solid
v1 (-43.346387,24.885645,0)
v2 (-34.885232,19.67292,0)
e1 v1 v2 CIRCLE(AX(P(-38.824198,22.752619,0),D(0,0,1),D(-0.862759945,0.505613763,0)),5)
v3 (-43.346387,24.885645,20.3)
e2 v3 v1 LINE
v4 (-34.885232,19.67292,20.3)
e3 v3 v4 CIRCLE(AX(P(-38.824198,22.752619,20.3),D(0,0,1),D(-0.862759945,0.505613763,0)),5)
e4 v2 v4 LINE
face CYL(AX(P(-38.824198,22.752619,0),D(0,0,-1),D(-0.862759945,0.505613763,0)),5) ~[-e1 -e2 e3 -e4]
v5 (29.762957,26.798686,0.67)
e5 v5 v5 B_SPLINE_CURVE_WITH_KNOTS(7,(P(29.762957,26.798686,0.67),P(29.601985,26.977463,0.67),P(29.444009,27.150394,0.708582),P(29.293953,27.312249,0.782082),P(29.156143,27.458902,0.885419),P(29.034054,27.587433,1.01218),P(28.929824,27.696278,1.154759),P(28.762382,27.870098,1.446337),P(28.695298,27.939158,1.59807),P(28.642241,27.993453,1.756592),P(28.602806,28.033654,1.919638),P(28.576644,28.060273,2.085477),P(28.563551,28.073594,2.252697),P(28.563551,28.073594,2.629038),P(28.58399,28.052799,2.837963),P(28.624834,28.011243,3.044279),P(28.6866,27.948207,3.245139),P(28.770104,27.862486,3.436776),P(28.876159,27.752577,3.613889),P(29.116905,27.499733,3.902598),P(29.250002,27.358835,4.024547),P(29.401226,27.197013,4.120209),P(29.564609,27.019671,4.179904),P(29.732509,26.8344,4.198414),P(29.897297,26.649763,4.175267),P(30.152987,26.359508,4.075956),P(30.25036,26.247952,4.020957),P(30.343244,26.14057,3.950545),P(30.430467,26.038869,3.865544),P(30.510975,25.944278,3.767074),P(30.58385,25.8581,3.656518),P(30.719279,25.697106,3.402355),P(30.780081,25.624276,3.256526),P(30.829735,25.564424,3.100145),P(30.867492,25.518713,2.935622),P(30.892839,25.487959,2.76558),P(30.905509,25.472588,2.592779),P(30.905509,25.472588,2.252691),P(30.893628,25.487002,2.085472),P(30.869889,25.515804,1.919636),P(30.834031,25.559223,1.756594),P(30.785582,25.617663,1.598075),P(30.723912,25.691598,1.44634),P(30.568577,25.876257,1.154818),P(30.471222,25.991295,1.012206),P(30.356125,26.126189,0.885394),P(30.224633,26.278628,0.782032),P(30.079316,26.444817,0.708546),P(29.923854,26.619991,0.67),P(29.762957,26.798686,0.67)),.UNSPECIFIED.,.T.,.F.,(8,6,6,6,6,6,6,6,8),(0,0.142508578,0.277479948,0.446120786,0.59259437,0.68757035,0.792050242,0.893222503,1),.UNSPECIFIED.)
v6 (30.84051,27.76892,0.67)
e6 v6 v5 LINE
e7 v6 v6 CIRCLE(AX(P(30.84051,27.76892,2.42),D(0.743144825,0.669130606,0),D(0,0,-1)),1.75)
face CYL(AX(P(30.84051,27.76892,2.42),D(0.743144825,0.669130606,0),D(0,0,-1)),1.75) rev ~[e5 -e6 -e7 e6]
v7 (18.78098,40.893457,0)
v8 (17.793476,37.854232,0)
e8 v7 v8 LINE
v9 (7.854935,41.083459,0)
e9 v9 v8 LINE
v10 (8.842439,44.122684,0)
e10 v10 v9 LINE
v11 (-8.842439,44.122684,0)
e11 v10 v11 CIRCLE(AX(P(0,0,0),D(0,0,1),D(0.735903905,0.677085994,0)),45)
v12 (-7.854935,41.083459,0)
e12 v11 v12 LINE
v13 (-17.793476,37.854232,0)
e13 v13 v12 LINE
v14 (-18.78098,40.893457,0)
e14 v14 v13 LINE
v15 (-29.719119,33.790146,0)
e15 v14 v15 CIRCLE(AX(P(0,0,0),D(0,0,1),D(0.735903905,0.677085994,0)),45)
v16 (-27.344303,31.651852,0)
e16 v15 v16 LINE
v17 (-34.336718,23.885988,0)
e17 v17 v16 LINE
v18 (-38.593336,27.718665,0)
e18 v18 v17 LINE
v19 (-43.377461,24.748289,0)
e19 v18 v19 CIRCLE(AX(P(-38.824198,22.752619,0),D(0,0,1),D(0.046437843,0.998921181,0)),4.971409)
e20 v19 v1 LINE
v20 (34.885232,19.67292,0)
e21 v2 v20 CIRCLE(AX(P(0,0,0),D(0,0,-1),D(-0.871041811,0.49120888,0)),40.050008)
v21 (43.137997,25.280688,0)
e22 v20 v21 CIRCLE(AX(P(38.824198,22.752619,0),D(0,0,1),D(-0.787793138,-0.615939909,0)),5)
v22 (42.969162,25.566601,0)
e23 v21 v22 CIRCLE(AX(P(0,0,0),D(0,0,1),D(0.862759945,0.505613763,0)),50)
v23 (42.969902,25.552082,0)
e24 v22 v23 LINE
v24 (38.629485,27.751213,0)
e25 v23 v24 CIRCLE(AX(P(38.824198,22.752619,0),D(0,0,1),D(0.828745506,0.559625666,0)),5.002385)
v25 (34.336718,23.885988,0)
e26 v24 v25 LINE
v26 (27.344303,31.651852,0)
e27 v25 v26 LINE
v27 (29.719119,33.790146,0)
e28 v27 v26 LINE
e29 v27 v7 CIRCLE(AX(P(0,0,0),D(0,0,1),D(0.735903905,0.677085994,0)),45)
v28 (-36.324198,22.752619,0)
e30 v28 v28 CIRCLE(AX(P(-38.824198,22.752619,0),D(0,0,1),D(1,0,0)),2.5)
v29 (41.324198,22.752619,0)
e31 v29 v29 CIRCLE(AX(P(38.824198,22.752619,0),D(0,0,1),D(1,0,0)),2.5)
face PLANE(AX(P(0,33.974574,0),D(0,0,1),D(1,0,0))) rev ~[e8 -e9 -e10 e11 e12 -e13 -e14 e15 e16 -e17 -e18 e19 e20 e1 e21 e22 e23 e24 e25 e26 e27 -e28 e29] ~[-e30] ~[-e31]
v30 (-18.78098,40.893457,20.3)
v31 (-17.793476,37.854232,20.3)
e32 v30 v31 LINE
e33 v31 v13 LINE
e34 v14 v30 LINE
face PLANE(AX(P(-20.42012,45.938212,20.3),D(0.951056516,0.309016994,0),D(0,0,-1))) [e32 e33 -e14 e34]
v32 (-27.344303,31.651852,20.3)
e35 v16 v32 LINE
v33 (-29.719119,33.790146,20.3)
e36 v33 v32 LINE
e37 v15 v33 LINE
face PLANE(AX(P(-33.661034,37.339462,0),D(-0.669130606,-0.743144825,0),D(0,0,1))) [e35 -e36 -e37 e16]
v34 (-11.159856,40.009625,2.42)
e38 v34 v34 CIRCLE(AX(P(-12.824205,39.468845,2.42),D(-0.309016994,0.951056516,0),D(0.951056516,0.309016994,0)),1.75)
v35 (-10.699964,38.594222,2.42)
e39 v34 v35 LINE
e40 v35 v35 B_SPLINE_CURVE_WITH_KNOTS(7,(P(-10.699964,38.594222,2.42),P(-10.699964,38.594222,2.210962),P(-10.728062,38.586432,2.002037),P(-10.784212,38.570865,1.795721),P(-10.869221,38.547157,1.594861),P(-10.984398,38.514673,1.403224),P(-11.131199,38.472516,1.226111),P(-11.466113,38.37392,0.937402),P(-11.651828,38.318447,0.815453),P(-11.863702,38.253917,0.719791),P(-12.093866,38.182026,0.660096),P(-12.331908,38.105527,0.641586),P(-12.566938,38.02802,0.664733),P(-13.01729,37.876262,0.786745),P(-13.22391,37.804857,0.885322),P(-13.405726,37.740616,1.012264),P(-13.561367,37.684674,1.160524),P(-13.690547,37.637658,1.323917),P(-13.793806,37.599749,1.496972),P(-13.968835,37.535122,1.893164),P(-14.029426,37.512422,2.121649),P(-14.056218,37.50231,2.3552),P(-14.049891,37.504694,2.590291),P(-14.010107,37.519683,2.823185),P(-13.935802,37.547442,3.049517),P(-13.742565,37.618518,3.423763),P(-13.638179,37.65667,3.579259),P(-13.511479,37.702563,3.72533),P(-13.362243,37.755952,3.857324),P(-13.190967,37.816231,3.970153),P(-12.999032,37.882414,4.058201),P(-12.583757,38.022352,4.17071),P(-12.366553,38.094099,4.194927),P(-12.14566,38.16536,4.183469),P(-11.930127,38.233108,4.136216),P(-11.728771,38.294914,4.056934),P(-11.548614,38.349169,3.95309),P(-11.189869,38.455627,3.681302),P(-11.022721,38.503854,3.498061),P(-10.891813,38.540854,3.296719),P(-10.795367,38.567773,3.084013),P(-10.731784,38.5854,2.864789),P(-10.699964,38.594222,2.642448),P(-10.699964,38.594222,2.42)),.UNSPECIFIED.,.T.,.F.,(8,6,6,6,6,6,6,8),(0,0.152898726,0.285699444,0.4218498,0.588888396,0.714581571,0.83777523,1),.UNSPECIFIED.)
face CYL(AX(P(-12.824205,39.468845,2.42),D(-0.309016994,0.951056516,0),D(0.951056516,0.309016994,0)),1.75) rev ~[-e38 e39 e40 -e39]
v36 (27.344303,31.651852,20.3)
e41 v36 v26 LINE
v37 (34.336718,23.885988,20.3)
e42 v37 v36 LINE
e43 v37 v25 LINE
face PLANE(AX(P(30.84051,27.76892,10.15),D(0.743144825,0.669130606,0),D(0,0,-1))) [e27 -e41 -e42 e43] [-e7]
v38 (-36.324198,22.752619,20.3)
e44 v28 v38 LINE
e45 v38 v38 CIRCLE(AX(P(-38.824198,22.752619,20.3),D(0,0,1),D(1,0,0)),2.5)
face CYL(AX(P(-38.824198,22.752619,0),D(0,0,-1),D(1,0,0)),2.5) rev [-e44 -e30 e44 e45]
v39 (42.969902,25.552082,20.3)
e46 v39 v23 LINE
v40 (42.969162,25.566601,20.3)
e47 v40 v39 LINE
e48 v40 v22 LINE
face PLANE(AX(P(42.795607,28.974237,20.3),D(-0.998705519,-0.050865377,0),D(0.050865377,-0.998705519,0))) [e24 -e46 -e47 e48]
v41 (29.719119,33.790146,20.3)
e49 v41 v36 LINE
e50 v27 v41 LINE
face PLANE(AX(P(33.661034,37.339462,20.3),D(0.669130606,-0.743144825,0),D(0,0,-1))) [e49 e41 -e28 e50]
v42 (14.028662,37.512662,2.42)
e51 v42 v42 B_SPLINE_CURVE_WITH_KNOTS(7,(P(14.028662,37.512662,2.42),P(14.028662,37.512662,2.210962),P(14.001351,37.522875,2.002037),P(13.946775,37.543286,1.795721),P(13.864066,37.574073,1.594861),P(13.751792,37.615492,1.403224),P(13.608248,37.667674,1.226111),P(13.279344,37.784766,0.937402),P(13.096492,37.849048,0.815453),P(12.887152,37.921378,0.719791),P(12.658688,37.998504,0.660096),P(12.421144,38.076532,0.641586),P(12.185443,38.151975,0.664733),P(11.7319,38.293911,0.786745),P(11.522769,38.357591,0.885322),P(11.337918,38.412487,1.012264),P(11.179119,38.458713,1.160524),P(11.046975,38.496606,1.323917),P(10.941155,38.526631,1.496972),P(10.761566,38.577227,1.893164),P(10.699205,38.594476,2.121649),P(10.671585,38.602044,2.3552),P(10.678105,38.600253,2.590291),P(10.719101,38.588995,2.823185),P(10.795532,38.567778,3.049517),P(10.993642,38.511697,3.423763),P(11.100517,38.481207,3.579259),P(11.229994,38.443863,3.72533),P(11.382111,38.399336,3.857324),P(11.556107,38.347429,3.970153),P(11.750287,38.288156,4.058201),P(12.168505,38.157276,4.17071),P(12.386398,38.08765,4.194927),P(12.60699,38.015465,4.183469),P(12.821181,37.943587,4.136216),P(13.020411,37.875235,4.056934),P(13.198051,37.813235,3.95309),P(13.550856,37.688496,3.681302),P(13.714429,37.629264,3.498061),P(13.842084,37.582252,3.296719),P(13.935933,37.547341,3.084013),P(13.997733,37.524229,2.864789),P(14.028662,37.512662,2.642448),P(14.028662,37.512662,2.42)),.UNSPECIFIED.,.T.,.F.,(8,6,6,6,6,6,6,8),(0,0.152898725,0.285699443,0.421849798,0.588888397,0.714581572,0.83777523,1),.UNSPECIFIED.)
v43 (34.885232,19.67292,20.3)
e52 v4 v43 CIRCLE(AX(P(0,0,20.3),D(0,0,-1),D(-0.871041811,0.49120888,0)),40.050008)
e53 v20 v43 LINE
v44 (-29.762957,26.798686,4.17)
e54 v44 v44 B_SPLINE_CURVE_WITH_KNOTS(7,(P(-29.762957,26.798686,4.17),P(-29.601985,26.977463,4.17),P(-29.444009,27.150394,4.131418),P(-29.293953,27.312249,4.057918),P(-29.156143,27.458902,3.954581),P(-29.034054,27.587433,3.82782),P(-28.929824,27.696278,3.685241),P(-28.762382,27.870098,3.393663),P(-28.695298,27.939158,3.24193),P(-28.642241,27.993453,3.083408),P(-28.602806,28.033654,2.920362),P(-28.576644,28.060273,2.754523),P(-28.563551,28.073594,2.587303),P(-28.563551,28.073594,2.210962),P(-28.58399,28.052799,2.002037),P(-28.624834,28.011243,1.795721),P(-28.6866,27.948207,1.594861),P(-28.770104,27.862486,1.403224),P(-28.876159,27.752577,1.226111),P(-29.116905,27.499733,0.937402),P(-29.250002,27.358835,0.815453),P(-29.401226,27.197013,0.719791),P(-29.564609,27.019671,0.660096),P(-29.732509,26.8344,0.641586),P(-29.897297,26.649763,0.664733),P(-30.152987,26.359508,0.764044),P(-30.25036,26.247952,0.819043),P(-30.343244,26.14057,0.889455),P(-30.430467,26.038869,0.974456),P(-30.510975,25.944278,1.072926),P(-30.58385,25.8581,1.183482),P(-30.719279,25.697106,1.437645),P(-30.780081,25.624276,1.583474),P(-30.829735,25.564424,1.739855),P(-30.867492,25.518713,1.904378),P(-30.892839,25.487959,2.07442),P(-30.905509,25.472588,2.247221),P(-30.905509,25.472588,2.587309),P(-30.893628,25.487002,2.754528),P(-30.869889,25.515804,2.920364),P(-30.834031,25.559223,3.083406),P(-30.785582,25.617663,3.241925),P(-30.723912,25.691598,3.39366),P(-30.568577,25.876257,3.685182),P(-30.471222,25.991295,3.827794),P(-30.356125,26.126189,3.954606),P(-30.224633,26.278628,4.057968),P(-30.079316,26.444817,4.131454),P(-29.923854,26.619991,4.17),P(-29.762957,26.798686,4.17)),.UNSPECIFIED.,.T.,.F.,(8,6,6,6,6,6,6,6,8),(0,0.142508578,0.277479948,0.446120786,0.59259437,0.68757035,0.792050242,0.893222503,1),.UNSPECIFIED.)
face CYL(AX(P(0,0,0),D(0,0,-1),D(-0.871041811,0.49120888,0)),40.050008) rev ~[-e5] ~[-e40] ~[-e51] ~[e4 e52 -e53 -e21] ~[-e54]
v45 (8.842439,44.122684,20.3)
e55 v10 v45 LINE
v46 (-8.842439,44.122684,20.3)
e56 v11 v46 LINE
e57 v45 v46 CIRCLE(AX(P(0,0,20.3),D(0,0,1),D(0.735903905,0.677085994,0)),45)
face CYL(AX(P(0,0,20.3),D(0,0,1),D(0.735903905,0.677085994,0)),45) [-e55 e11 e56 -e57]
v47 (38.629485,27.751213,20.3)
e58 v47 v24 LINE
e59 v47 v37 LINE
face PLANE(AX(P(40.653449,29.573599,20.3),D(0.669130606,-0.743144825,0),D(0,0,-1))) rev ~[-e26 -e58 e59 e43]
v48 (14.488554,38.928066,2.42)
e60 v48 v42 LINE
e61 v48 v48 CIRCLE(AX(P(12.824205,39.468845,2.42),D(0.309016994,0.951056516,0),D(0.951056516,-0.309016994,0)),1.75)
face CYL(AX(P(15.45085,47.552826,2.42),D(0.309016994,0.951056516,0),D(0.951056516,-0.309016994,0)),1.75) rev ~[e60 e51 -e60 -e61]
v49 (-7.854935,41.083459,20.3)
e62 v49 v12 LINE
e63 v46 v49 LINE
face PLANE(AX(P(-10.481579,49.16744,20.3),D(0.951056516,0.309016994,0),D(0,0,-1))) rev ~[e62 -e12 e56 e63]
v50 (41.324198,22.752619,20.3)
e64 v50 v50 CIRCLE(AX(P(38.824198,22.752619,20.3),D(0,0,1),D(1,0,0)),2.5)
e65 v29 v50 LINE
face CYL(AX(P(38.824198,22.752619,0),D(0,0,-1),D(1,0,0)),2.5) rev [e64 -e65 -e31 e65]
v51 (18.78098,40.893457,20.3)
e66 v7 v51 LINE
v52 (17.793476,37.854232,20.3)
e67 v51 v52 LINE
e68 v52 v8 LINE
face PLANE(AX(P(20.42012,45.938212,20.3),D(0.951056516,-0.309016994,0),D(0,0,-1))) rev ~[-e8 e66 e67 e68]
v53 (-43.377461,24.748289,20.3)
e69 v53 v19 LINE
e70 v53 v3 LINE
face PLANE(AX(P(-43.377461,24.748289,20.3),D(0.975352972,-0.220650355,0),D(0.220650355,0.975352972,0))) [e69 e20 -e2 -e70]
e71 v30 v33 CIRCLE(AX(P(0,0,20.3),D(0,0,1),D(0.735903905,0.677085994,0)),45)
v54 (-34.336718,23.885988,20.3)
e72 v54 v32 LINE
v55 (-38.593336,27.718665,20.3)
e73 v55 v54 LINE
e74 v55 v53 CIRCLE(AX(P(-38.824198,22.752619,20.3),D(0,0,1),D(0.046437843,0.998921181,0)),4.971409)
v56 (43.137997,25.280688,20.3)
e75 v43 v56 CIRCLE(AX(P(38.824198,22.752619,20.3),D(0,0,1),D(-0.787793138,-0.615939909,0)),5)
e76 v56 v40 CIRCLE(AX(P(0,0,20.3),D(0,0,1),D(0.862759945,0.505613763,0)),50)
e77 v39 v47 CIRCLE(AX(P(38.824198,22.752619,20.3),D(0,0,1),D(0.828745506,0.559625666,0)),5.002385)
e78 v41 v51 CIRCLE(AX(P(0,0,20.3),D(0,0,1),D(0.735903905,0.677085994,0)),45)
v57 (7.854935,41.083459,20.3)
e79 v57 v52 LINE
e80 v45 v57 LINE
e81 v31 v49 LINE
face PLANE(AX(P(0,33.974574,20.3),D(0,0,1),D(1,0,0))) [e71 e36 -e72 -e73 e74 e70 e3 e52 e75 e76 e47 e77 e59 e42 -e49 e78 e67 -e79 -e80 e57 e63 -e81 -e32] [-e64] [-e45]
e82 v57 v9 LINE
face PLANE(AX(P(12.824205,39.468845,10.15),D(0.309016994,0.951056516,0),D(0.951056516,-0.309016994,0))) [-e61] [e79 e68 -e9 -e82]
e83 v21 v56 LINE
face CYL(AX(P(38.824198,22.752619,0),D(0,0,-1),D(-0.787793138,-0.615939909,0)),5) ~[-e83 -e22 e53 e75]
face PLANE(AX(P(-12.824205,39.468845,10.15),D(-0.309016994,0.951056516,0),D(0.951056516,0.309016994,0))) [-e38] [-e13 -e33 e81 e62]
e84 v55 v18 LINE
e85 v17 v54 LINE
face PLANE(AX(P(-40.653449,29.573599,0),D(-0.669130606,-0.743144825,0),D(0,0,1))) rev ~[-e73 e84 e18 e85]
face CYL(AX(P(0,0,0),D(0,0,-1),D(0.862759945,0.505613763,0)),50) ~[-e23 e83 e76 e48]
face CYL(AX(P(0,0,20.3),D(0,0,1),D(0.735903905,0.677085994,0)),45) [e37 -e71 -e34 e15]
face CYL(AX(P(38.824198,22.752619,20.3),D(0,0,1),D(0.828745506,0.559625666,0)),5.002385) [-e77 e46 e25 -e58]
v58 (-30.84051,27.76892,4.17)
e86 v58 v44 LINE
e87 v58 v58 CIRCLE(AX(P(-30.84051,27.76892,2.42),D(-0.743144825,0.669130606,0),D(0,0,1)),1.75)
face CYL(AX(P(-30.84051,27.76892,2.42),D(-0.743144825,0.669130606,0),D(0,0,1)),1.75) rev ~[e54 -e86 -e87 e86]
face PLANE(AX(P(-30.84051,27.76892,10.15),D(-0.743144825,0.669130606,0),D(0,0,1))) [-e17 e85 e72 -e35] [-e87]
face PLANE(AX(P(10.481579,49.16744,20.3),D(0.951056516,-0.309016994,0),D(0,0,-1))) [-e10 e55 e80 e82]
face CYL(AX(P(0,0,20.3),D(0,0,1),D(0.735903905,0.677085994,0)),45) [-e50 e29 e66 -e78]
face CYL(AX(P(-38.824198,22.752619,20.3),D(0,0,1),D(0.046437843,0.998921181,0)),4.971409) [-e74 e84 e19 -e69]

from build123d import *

# Parameters (mm, degrees)
ESBO_O2_R                = 2.5
RESSALTO_EXTRUS_O1_DEPTH = 20.3
ESBO_O3_R                = 1.75
CORTE_EXTRUS_O1_DEPTH    = 20.3
ESBO_O4_W                = 10.45
ESBO_O4_H                = 20.3
CORTE_EXTRUS_O3_DEPTH    = 8.5
ESBO_O5_W                = 20.3
ESBO_O5_H                = 10.45
CORTE_EXTRUS_O4_DEPTH    = 8.5
ESBO_O6_W                = 10.45
ESBO_O6_H                = 20.3
CORTE_EXTRUS_O5_DEPTH    = 8.5
ESBO_O7_W                = 20.3
ESBO_O7_H                = 10.45
CORTE_EXTRUS_O6_DEPTH    = 8.5
ESBO_O8_R                = 1.75
CORTE_EXTRUS_O7_DEPTH    = 8
ESBO_O10_R               = 1.75
CORTE_EXTRUS_O8_DEPTH    = 8
ESBO_O9_R                = 1.75
CORTE_EXTRUS_O9_DEPTH    = 8
CORTE_EXTRUS_O10_DEPTH   = 21.3000001
CORTE_EXTRUS_O13_DEPTH   = 21.3000001


with BuildPart() as part:
    # Esboço2 → Ressalto-extrusão1 (new body)
    with BuildSketch(Plane.XY):
        with BuildLine():
            ThreePointArc((43.137997257, 25.280688137), (0, 50), (-43.137997257, 25.280688137))
            ThreePointArc((-43.137997257, 25.280688137), (-41.634338387, 18.617028874), (-34.88523184, 19.672919779))
            ThreePointArc((-34.88523184, 19.672919779), (0, 40.050008404), (34.88523184, 19.672919779))
            ThreePointArc((34.88523184, 19.672919779), (41.634338387, 18.617028874), (43.137997257, 25.280688137))
        make_face()
        with Locations((-38.824197531, 22.752619324)):
            Circle(ESBO_O2_R, mode=Mode.SUBTRACT)
        with Locations((38.824197531, 22.752619324)):
            Circle(ESBO_O2_R, mode=Mode.SUBTRACT)
    extrude(amount=RESSALTO_EXTRUS_O1_DEPTH)

    # Esboço3 → Corte-extrusão1 (cut)
    with BuildSketch(Plane(origin=(15.450849719, 47.552825815, 0), x_dir=(0.951056516, -0.309016994, 0), z_dir=(0.309016994, 0.951056516, 0))):
        with Locations((0, -2.42)):
            Circle(ESBO_O3_R)
    extrude(amount=-CORTE_EXTRUS_O1_DEPTH, mode=Mode.SUBTRACT)

    # Esboço4 → Corte-extrusão3 (cut)
    with BuildSketch(Plane(origin=(15.450849719, 47.552825815, 0), x_dir=(0.951056516, -0.309016994, 0), z_dir=(0.309016994, 0.951056516, 0))):
        with Locations((0, -10.15)):
            Rectangle(ESBO_O4_W, ESBO_O4_H)
    extrude(amount=-CORTE_EXTRUS_O3_DEPTH, mode=Mode.SUBTRACT)

    # Esboço5 → Corte-extrusão4 (cut)
    with BuildSketch(Plane(origin=(37.157241274, 33.456530318, 0), x_dir=(0, 0, -1), z_dir=(0.743144825, 0.669130606, 0))):
        with Locations((-10.15, 0)):
            Rectangle(ESBO_O5_W, ESBO_O5_H)
    extrude(amount=-CORTE_EXTRUS_O4_DEPTH, mode=Mode.SUBTRACT)

    # Esboço6 → Corte-extrusão5 (cut)
    with BuildSketch(Plane(origin=(-15.450849719, 47.552825815, 0), x_dir=(0.951056516, 0.309016994, 0), z_dir=(-0.309016994, 0.951056516, 0))):
        with Locations((0, -10.15)):
            Rectangle(ESBO_O6_W, ESBO_O6_H)
    extrude(amount=-CORTE_EXTRUS_O5_DEPTH, mode=Mode.SUBTRACT)

    # Esboço7 → Corte-extrusão6 (cut)
    with BuildSketch(Plane(origin=(-37.157241274, 33.456530318, 0), x_dir=(0, 0, 1), z_dir=(-0.743144825, 0.669130606, 0))):
        with Locations((10.15, 0)):
            Rectangle(ESBO_O7_W, ESBO_O7_H)
    extrude(amount=-CORTE_EXTRUS_O6_DEPTH, mode=Mode.SUBTRACT)

    # Esboço8 → Corte-extrusão7 (cut)
    with BuildSketch(Plane(origin=(30.840510257, 27.768920164, 0), x_dir=(0, 0, -1), z_dir=(0.743144825, 0.669130606, 0))):
        with Locations((-2.42, 0)):
            Circle(ESBO_O8_R)
    extrude(amount=-CORTE_EXTRUS_O7_DEPTH, mode=Mode.SUBTRACT)

    # Esboço10 → Corte-extrusão8 (cut)
    with BuildSketch(Plane(origin=(-30.840510257, 27.768920164, 0), x_dir=(0, 0, 1), z_dir=(-0.743144825, 0.669130606, 0))):
        with Locations((2.42, 0)):
            Circle(ESBO_O10_R)
    extrude(amount=-CORTE_EXTRUS_O8_DEPTH, mode=Mode.SUBTRACT)

    # Esboço9 → Corte-extrusão9 (cut)
    with BuildSketch(Plane(origin=(-12.824205267, 39.468845426, 0), x_dir=(0.951056516, 0.309016994, 0), z_dir=(-0.309016994, 0.951056516, 0))):
        with Locations((0, -2.42)):
            Circle(ESBO_O9_R)
    extrude(amount=-CORTE_EXTRUS_O9_DEPTH, mode=Mode.SUBTRACT)

    # Esboço11 → Corte-extrusão10 (cut, through all)
    with BuildSketch(Plane.XY.offset(20.3)):
        with BuildLine():
            Line((-40.450008581, 29.390420306), (-38.593336029, 27.718664832))
            ThreePointArc((-38.593336029, 27.718664832), (-41.446519528, 26.976164323), (-43.377460924, 24.74828901))
            Line((-43.377460924, 24.74828901), (-42.327289397, 29.390420306))
            Line((-42.327289397, 29.390420306), (-40.450008581, 29.390420306))
        make_face()
        with BuildLine():
            Line((38.629484885, 27.751213408), (40.450008581, 29.390420306))
            Line((40.450008581, 29.390420306), (42.795606827, 28.974236974))
            Line((42.795606827, 28.974236974), (42.969901633, 25.552082367))
            ThreePointArc((42.969901633, 25.552082367), (41.08508844, 27.214931295), (38.629484885, 27.751213408))
        make_face()
    extrude(amount=-CORTE_EXTRUS_O10_DEPTH, mode=Mode.SUBTRACT)

    # Esboço13 → Corte-extrusão13 (cut, through all)
    with BuildSketch(Plane.XY.offset(20.3)):
        with BuildLine():
            Line((-43.591003867, 44.387154562), (-0.084802266, 65.050582409))
            Line((-0.084802266, 65.050582409), (44.470714032, 40.916344415))
            Line((44.470714032, 40.916344415), (33.115675704, 30.468869731))
            ThreePointArc((33.115675704, 30.468869731), (-0.45988999, 44.997649952), (-33.731495865, 29.785670828))
            Line((-33.731495865, 29.785670828), (-43.591003867, 44.387154562))
        make_face()
    extrude(amount=-CORTE_EXTRUS_O13_DEPTH, mode=Mode.SUBTRACT)


solid = part.part
